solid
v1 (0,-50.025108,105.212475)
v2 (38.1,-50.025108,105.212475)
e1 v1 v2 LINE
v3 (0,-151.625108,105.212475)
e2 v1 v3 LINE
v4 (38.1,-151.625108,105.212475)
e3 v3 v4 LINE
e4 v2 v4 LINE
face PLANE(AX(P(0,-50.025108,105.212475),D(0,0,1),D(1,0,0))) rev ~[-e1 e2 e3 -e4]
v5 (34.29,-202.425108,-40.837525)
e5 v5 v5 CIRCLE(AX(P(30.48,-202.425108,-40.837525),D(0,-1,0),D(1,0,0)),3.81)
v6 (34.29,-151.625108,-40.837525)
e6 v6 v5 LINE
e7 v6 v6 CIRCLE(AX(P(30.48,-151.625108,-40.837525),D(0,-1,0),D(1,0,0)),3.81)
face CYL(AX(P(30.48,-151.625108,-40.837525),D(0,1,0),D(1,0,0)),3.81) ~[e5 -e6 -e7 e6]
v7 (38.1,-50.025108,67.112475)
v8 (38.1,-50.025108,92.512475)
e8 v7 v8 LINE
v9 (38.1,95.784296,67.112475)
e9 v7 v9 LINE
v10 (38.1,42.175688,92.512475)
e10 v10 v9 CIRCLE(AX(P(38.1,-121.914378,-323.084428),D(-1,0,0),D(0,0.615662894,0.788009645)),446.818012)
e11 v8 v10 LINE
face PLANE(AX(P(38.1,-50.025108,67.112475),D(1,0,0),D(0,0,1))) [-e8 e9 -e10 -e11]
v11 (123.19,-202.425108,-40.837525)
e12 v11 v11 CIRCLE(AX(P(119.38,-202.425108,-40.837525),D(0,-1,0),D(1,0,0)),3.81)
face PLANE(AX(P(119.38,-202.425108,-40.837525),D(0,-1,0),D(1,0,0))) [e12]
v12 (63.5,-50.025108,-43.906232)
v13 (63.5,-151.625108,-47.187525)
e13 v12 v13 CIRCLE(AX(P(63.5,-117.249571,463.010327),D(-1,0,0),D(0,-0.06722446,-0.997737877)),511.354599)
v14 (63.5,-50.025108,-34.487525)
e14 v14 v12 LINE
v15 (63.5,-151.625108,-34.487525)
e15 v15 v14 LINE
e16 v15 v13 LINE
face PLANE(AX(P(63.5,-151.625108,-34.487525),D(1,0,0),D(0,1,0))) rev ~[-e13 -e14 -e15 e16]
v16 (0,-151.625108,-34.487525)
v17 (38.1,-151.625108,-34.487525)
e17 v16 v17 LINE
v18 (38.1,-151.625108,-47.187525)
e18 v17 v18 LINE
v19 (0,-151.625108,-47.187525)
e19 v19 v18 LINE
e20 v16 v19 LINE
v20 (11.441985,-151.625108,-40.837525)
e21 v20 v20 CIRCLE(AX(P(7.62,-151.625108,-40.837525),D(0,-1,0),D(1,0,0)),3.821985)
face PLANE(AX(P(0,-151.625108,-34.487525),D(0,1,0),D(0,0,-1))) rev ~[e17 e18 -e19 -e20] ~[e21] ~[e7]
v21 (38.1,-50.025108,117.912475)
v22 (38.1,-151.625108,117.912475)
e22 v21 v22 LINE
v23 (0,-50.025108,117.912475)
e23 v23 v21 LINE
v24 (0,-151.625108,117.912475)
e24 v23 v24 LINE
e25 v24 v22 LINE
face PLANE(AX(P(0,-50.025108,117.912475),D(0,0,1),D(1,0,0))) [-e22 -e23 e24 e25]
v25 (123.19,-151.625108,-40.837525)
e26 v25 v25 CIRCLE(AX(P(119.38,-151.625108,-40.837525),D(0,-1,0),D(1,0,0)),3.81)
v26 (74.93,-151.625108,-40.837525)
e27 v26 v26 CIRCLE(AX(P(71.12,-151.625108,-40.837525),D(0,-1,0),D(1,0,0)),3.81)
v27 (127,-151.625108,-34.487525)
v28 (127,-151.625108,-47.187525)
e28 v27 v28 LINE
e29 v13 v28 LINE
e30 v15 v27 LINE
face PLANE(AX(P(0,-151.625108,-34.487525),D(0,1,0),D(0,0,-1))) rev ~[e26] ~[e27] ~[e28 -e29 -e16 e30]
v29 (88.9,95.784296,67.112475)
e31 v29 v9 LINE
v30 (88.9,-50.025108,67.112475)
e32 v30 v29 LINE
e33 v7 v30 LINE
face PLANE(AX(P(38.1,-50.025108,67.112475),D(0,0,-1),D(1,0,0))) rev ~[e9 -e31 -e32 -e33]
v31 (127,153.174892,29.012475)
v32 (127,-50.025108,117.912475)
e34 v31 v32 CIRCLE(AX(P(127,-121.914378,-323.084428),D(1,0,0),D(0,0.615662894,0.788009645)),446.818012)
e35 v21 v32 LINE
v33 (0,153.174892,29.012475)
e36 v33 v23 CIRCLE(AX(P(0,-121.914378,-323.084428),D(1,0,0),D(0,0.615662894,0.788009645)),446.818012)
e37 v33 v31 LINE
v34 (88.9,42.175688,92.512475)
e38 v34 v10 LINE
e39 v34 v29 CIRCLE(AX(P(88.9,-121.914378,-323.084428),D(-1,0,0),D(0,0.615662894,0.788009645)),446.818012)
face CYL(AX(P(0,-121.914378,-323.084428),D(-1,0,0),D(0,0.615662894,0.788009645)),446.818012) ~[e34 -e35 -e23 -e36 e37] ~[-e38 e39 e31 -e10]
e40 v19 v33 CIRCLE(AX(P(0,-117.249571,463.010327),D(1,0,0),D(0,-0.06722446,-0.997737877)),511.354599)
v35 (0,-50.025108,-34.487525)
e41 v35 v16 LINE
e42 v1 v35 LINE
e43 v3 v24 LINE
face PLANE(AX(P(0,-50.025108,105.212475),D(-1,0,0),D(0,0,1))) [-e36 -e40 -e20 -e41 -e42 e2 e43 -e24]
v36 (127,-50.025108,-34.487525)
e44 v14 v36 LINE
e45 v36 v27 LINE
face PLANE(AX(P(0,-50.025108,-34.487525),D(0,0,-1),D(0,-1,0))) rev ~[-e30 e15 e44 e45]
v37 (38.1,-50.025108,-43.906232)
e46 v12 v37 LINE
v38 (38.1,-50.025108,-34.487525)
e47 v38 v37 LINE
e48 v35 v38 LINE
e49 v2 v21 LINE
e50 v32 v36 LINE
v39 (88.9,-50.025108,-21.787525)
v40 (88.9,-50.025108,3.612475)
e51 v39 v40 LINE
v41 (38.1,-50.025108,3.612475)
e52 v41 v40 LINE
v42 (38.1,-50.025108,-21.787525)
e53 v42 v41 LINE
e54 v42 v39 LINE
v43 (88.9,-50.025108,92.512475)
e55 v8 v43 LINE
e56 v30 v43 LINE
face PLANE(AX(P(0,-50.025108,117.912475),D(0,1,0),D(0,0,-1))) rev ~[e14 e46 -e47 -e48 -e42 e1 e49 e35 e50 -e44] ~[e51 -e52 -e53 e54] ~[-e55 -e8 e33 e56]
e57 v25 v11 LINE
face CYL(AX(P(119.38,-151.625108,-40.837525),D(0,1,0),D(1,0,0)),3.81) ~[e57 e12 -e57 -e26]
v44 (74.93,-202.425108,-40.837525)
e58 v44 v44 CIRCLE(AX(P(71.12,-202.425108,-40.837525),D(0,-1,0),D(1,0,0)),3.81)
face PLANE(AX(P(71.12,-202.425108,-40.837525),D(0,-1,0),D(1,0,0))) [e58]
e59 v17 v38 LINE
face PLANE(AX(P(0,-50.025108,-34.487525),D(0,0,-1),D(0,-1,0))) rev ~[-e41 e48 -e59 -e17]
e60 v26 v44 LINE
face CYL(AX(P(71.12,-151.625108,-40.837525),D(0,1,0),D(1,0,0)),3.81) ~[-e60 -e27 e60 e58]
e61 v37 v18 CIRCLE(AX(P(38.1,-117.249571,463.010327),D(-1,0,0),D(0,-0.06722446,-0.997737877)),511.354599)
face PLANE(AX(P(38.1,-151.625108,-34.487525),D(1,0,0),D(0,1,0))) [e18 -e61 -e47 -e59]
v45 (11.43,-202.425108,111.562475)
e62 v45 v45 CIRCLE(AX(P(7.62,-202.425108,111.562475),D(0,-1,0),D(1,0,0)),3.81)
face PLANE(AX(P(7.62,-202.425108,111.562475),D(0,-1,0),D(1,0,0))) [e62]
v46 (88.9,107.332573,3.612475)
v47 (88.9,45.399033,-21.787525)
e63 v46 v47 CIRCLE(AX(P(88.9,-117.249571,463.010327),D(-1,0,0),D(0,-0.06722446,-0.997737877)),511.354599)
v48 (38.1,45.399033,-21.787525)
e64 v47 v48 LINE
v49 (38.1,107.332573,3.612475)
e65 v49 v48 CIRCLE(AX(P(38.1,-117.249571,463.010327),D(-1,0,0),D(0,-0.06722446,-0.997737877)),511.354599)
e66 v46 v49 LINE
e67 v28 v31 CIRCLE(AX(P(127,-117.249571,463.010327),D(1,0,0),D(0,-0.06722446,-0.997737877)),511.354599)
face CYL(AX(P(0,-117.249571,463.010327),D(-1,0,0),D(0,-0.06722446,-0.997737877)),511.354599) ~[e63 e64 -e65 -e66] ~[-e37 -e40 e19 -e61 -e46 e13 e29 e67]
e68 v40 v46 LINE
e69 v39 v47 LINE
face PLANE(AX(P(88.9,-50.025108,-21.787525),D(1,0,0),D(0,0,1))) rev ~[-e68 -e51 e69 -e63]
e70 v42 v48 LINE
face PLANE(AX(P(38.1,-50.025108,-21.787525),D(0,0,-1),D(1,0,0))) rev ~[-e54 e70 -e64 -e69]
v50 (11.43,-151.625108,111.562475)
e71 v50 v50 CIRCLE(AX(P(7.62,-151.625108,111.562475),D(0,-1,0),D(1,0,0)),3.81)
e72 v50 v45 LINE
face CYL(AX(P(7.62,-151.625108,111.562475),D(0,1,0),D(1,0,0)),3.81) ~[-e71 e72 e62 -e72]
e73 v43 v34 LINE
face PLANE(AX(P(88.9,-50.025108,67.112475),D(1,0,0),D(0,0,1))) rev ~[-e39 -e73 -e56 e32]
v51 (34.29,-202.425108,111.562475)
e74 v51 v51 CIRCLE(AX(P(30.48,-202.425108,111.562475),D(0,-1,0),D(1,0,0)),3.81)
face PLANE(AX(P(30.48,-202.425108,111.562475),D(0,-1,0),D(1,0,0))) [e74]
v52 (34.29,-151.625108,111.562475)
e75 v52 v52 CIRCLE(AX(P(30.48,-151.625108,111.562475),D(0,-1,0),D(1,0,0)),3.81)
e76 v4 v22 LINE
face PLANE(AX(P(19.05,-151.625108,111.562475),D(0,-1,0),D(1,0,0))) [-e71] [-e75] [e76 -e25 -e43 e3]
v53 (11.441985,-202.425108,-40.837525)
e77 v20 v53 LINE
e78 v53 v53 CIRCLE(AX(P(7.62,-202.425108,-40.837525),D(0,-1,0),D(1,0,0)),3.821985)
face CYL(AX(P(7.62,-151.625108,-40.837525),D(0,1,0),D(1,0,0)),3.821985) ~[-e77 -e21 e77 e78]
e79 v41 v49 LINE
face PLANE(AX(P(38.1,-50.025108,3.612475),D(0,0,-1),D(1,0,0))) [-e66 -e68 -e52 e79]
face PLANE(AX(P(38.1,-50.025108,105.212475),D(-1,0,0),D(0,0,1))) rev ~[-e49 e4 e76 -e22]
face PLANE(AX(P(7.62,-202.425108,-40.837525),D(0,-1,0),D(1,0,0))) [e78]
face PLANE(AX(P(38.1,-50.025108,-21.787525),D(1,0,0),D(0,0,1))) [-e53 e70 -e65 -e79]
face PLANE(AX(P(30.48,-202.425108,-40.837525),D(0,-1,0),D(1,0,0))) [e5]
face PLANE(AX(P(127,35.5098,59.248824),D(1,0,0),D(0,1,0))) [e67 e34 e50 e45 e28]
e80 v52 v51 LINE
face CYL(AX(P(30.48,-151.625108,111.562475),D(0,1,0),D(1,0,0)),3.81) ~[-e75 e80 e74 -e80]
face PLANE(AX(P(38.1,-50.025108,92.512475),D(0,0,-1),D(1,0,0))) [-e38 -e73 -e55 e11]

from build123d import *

# Parameters (mm, degrees)
F1_DEPTH  = 127
F2_W      = 25.4
F2_H      = 101.6
F3_DEPTH  = 25.4
F4_W      = 50.8
F4_H      = 25.4
F5_DEPTH  = 203.2
F6_R      = 3.81
F7_DEPTH  = 50.8
F8_R      = 3.821985
F8_R_2    = 3.81
F9_DEPTH  = 50.8
F10_W     = 38.1
F10_H     = 12.7
F11_DEPTH = 101.6
F12_R     = 3.81
F13_DEPTH = 50.8


with BuildPart() as f1:
    # F0 (on Right) → F1 (new body)
    with BuildSketch(Plane.YZ):
        with BuildLine():
            Line((-50.025108, 117.912475), (-50.025108, 29.012475))
            Line((-50.025108, 29.012475), (153.174892, 29.012475))
            ThreePointArc((153.174892, 29.012475), (57.178696, 86.271171), (-50.025108, 117.912475))
        make_face()
        with BuildLine():
            Line((153.174892, 29.012475), (-50.025108, 29.012475))
            Line((-50.025108, 29.012475), (-50.025108, -34.487525))
            Line((-50.025108, -34.487525), (-151.625108, -34.487525))
            Line((-151.625108, -34.487525), (-151.625108, -47.187525))
            ThreePointArc((-151.625108, -47.187525), (6.772136, -33.076502), (153.174892, 29.012475))
        make_face()
    extrude(amount=F1_DEPTH)

    # F2 (on face) → F3 (cut)
    with BuildSketch(Plane.XY.offset(-34.487525)):
        with Locations((50.8, -100.825108)):
            Rectangle(F2_W, F2_H)
    extrude(amount=-F3_DEPTH, mode=Mode.SUBTRACT)

    # F4 (on face) → F5 (cut)
    with BuildSketch(Plane.XZ.offset(50.025108)):
        with Locations((63.5, 79.812475)):
            Rectangle(F4_W, F4_H)
        with Locations((63.5, -9.087525)):
            Rectangle(F4_W, F4_H)
    extrude(amount=-F5_DEPTH, mode=Mode.SUBTRACT)

    # F6 (on face) → F7 (join)
    with BuildSketch(Plane.XZ.offset(151.625108)):
        with Locations((71.12, -40.837525)):
            Circle(F6_R)
        with Locations((119.38, -40.837525)):
            Circle(F6_R)
    extrude(amount=F7_DEPTH)

    # F8 (on face) → F9 (join)
    with BuildSketch(Plane.XZ.offset(151.625108)):
        with Locations((7.62, -40.837525)):
            Circle(F8_R)
        with Locations((30.48, -40.837525)):
            Circle(F8_R_2)
    extrude(amount=F9_DEPTH)

    # F10 (on face) → F11 (join)
    with BuildSketch(Plane.XZ.offset(50.025108)):
        with Locations((19.05, 111.562475)):
            Rectangle(F10_W, F10_H)
    extrude(amount=F11_DEPTH)

    # F12 (on face) → F13 (join)
    with BuildSketch(Plane.XZ.offset(151.625108)):
        with Locations((30.48, 111.562475)):
            Circle(F12_R)
        with Locations((7.62, 111.562475)):
            Circle(F12_R)
    extrude(amount=F13_DEPTH)


solid = f1.part
